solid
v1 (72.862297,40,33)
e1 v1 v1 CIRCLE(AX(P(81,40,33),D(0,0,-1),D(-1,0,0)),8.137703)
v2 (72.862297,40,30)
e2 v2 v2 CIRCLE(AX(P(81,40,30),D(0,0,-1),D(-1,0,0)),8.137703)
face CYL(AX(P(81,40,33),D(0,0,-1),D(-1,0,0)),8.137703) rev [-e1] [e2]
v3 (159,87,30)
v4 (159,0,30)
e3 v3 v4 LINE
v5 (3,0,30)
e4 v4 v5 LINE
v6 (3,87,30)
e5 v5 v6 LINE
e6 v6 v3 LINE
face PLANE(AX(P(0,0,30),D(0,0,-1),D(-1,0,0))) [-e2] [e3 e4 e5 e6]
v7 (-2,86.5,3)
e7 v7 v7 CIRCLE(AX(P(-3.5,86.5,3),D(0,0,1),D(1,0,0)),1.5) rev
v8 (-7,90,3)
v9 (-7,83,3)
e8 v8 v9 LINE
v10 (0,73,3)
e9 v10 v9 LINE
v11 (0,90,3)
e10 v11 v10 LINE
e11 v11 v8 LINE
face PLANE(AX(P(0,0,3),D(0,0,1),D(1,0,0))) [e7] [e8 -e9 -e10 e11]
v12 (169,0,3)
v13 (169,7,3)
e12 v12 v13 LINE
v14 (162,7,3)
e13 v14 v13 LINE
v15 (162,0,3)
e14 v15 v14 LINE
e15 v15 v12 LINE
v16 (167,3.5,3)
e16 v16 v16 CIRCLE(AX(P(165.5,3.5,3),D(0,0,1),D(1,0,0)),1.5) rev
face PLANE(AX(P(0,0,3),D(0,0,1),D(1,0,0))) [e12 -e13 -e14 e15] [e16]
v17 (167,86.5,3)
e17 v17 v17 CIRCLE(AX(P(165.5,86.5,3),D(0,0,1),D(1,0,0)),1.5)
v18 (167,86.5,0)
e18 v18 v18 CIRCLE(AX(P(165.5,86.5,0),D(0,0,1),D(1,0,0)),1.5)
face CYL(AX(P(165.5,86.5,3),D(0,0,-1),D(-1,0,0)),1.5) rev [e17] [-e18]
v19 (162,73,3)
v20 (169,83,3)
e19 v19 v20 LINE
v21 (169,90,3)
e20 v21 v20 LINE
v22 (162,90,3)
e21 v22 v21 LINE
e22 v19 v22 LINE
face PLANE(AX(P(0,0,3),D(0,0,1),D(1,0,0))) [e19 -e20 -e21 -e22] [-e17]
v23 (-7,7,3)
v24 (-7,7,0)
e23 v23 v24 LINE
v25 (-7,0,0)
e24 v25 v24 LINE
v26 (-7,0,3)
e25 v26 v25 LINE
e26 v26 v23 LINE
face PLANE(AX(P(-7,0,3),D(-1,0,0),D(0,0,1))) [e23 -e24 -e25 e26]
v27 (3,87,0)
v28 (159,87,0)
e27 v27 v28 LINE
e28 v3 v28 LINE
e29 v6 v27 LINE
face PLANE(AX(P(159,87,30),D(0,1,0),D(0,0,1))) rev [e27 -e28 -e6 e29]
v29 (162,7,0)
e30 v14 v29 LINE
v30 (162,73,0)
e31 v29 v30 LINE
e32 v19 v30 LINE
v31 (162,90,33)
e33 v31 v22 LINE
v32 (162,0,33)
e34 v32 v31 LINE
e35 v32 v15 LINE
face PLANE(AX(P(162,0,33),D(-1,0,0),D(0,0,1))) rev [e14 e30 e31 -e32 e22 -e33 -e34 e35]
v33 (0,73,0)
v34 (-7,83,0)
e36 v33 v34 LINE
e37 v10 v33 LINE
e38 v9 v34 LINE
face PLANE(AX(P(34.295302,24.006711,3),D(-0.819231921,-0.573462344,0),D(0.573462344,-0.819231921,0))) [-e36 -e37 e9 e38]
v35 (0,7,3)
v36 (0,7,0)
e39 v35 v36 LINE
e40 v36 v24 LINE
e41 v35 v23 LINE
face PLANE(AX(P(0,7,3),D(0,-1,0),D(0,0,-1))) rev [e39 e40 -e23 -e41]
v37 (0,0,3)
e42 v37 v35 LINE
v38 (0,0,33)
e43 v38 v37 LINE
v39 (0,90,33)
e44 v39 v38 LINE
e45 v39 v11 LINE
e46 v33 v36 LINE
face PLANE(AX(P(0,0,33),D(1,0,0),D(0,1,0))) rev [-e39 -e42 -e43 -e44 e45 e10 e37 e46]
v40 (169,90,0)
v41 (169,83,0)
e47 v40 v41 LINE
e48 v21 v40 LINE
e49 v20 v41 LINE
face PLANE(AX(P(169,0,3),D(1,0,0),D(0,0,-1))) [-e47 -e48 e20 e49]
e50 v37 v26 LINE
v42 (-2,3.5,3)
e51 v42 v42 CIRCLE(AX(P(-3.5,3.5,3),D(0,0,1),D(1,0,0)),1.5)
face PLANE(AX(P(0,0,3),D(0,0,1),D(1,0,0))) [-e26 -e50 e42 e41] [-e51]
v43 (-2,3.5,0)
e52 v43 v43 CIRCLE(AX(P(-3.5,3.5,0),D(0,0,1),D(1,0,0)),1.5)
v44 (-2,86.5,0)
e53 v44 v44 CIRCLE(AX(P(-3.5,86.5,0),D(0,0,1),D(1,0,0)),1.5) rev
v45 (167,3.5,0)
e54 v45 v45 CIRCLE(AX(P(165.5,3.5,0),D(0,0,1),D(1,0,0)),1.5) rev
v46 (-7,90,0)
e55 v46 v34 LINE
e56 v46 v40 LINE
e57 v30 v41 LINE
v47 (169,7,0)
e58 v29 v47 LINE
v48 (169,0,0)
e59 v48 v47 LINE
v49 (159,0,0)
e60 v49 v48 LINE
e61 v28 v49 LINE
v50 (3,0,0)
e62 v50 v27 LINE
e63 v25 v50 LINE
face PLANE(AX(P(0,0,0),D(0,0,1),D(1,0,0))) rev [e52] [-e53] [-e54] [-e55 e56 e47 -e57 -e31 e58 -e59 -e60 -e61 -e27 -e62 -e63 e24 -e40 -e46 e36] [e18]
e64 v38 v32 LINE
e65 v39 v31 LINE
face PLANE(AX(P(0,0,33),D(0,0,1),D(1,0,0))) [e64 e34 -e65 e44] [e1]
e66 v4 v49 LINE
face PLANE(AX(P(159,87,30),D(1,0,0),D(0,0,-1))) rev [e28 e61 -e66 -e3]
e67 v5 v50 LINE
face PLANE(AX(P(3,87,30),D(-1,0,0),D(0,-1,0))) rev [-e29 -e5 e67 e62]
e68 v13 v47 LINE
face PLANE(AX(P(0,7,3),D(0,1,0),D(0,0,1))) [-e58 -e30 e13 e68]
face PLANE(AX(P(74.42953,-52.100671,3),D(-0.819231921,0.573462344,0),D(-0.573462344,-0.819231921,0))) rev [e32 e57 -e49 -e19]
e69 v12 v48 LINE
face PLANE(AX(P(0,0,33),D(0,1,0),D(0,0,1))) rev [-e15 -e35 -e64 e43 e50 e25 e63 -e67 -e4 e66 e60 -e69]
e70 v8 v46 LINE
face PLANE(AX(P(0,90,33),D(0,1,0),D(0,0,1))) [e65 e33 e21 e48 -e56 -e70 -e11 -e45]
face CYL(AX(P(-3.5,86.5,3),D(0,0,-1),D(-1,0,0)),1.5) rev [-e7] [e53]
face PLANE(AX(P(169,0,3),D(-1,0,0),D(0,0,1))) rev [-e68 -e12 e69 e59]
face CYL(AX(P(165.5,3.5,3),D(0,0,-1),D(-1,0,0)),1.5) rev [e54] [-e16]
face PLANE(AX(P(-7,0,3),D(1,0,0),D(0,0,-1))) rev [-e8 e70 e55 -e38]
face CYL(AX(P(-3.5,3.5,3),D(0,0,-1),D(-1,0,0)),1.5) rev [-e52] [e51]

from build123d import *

# Parameters (mm, degrees)
BOSS_EXTRUDE1_DEPTH = 33
SKETCH1_4_W         = 7
SKETCH1_4_H         = 7
SKETCH1_4_R         = 1.5
BOSS_EXTRUDE2_DEPTH = 3
SKETCH3_W           = 156
SKETCH3_H           = 87
SKETCH3_R           = 8.137703122
CUT_EXTRUDE1_DEPTH  = 30
SKETCH3_2_R         = 8.137703122
CUT_EXTRUDE2_DEPTH  = 33


with BuildPart() as part:
    # Sketch1 → Boss-Extrude1 (new body)
    with BuildSketch(Plane.XY):
        Polygon((0, 7), (0, 0), (162, 0), (162, 7), (162, 73), (162, 83), (162, 90), (0, 90), (0, 83), (0, 73), align=None)
    extrude(amount=BOSS_EXTRUDE1_DEPTH)

    # Sketch1<4> → Boss-Extrude2 (add)
    # profile 1 of 4: a face of its own
    with BuildSketch(Plane.XY):
        with Locations((-3.5, 3.5)):
            Rectangle(SKETCH1_4_W, SKETCH1_4_H)
        with Locations((-3.5, 3.5)):
            Circle(SKETCH1_4_R, mode=Mode.SUBTRACT)
    # profile 2 of 4: a face of its own
    with BuildSketch(Plane.XY):
        with Locations((165.5, 3.5)):
            Rectangle(SKETCH1_4_W, SKETCH1_4_H)
        with Locations((165.5, 3.5)):
            Circle(SKETCH1_4_R, mode=Mode.SUBTRACT)
    # profile 3 of 4: a face of its own
    with BuildSketch(Plane.XY):
        Polygon((-7, 83), (0, 73), (0, 90), (-7, 90), align=None)
        with Locations((-3.5, 86.5)):
            Circle(SKETCH1_4_R, mode=Mode.SUBTRACT)
    # profile 4 of 4: a face of its own
    with BuildSketch(Plane.XY):
        Polygon((162, 90), (162, 73), (169, 83), (169, 90), align=None)
        with Locations((165.5, 86.5)):
            Circle(SKETCH1_4_R, mode=Mode.SUBTRACT)
    extrude(amount=BOSS_EXTRUDE2_DEPTH)

    # Sketch3 → Cut-Extrude1 (cut)
    with BuildSketch(Plane(origin=(0, 0, 0), x_dir=(-1, 0, 0), z_dir=(0, 0, -1))):
        with Locations((-81, 43.5)):
            Rectangle(SKETCH3_W, SKETCH3_H)
        with Locations((-81, 40)):
            Circle(SKETCH3_R, mode=Mode.SUBTRACT)
    extrude(amount=-CUT_EXTRUDE1_DEPTH, mode=Mode.SUBTRACT)

    # Sketch3<2> → Cut-Extrude2 (cut)
    with BuildSketch(Plane(origin=(0, 0, 0), x_dir=(-1, 0, 0), z_dir=(0, 0, -1))):
        with Locations((-81, 40)):
            Circle(SKETCH3_2_R)
    extrude(amount=-CUT_EXTRUDE2_DEPTH, mode=Mode.SUBTRACT)


solid = part.part
